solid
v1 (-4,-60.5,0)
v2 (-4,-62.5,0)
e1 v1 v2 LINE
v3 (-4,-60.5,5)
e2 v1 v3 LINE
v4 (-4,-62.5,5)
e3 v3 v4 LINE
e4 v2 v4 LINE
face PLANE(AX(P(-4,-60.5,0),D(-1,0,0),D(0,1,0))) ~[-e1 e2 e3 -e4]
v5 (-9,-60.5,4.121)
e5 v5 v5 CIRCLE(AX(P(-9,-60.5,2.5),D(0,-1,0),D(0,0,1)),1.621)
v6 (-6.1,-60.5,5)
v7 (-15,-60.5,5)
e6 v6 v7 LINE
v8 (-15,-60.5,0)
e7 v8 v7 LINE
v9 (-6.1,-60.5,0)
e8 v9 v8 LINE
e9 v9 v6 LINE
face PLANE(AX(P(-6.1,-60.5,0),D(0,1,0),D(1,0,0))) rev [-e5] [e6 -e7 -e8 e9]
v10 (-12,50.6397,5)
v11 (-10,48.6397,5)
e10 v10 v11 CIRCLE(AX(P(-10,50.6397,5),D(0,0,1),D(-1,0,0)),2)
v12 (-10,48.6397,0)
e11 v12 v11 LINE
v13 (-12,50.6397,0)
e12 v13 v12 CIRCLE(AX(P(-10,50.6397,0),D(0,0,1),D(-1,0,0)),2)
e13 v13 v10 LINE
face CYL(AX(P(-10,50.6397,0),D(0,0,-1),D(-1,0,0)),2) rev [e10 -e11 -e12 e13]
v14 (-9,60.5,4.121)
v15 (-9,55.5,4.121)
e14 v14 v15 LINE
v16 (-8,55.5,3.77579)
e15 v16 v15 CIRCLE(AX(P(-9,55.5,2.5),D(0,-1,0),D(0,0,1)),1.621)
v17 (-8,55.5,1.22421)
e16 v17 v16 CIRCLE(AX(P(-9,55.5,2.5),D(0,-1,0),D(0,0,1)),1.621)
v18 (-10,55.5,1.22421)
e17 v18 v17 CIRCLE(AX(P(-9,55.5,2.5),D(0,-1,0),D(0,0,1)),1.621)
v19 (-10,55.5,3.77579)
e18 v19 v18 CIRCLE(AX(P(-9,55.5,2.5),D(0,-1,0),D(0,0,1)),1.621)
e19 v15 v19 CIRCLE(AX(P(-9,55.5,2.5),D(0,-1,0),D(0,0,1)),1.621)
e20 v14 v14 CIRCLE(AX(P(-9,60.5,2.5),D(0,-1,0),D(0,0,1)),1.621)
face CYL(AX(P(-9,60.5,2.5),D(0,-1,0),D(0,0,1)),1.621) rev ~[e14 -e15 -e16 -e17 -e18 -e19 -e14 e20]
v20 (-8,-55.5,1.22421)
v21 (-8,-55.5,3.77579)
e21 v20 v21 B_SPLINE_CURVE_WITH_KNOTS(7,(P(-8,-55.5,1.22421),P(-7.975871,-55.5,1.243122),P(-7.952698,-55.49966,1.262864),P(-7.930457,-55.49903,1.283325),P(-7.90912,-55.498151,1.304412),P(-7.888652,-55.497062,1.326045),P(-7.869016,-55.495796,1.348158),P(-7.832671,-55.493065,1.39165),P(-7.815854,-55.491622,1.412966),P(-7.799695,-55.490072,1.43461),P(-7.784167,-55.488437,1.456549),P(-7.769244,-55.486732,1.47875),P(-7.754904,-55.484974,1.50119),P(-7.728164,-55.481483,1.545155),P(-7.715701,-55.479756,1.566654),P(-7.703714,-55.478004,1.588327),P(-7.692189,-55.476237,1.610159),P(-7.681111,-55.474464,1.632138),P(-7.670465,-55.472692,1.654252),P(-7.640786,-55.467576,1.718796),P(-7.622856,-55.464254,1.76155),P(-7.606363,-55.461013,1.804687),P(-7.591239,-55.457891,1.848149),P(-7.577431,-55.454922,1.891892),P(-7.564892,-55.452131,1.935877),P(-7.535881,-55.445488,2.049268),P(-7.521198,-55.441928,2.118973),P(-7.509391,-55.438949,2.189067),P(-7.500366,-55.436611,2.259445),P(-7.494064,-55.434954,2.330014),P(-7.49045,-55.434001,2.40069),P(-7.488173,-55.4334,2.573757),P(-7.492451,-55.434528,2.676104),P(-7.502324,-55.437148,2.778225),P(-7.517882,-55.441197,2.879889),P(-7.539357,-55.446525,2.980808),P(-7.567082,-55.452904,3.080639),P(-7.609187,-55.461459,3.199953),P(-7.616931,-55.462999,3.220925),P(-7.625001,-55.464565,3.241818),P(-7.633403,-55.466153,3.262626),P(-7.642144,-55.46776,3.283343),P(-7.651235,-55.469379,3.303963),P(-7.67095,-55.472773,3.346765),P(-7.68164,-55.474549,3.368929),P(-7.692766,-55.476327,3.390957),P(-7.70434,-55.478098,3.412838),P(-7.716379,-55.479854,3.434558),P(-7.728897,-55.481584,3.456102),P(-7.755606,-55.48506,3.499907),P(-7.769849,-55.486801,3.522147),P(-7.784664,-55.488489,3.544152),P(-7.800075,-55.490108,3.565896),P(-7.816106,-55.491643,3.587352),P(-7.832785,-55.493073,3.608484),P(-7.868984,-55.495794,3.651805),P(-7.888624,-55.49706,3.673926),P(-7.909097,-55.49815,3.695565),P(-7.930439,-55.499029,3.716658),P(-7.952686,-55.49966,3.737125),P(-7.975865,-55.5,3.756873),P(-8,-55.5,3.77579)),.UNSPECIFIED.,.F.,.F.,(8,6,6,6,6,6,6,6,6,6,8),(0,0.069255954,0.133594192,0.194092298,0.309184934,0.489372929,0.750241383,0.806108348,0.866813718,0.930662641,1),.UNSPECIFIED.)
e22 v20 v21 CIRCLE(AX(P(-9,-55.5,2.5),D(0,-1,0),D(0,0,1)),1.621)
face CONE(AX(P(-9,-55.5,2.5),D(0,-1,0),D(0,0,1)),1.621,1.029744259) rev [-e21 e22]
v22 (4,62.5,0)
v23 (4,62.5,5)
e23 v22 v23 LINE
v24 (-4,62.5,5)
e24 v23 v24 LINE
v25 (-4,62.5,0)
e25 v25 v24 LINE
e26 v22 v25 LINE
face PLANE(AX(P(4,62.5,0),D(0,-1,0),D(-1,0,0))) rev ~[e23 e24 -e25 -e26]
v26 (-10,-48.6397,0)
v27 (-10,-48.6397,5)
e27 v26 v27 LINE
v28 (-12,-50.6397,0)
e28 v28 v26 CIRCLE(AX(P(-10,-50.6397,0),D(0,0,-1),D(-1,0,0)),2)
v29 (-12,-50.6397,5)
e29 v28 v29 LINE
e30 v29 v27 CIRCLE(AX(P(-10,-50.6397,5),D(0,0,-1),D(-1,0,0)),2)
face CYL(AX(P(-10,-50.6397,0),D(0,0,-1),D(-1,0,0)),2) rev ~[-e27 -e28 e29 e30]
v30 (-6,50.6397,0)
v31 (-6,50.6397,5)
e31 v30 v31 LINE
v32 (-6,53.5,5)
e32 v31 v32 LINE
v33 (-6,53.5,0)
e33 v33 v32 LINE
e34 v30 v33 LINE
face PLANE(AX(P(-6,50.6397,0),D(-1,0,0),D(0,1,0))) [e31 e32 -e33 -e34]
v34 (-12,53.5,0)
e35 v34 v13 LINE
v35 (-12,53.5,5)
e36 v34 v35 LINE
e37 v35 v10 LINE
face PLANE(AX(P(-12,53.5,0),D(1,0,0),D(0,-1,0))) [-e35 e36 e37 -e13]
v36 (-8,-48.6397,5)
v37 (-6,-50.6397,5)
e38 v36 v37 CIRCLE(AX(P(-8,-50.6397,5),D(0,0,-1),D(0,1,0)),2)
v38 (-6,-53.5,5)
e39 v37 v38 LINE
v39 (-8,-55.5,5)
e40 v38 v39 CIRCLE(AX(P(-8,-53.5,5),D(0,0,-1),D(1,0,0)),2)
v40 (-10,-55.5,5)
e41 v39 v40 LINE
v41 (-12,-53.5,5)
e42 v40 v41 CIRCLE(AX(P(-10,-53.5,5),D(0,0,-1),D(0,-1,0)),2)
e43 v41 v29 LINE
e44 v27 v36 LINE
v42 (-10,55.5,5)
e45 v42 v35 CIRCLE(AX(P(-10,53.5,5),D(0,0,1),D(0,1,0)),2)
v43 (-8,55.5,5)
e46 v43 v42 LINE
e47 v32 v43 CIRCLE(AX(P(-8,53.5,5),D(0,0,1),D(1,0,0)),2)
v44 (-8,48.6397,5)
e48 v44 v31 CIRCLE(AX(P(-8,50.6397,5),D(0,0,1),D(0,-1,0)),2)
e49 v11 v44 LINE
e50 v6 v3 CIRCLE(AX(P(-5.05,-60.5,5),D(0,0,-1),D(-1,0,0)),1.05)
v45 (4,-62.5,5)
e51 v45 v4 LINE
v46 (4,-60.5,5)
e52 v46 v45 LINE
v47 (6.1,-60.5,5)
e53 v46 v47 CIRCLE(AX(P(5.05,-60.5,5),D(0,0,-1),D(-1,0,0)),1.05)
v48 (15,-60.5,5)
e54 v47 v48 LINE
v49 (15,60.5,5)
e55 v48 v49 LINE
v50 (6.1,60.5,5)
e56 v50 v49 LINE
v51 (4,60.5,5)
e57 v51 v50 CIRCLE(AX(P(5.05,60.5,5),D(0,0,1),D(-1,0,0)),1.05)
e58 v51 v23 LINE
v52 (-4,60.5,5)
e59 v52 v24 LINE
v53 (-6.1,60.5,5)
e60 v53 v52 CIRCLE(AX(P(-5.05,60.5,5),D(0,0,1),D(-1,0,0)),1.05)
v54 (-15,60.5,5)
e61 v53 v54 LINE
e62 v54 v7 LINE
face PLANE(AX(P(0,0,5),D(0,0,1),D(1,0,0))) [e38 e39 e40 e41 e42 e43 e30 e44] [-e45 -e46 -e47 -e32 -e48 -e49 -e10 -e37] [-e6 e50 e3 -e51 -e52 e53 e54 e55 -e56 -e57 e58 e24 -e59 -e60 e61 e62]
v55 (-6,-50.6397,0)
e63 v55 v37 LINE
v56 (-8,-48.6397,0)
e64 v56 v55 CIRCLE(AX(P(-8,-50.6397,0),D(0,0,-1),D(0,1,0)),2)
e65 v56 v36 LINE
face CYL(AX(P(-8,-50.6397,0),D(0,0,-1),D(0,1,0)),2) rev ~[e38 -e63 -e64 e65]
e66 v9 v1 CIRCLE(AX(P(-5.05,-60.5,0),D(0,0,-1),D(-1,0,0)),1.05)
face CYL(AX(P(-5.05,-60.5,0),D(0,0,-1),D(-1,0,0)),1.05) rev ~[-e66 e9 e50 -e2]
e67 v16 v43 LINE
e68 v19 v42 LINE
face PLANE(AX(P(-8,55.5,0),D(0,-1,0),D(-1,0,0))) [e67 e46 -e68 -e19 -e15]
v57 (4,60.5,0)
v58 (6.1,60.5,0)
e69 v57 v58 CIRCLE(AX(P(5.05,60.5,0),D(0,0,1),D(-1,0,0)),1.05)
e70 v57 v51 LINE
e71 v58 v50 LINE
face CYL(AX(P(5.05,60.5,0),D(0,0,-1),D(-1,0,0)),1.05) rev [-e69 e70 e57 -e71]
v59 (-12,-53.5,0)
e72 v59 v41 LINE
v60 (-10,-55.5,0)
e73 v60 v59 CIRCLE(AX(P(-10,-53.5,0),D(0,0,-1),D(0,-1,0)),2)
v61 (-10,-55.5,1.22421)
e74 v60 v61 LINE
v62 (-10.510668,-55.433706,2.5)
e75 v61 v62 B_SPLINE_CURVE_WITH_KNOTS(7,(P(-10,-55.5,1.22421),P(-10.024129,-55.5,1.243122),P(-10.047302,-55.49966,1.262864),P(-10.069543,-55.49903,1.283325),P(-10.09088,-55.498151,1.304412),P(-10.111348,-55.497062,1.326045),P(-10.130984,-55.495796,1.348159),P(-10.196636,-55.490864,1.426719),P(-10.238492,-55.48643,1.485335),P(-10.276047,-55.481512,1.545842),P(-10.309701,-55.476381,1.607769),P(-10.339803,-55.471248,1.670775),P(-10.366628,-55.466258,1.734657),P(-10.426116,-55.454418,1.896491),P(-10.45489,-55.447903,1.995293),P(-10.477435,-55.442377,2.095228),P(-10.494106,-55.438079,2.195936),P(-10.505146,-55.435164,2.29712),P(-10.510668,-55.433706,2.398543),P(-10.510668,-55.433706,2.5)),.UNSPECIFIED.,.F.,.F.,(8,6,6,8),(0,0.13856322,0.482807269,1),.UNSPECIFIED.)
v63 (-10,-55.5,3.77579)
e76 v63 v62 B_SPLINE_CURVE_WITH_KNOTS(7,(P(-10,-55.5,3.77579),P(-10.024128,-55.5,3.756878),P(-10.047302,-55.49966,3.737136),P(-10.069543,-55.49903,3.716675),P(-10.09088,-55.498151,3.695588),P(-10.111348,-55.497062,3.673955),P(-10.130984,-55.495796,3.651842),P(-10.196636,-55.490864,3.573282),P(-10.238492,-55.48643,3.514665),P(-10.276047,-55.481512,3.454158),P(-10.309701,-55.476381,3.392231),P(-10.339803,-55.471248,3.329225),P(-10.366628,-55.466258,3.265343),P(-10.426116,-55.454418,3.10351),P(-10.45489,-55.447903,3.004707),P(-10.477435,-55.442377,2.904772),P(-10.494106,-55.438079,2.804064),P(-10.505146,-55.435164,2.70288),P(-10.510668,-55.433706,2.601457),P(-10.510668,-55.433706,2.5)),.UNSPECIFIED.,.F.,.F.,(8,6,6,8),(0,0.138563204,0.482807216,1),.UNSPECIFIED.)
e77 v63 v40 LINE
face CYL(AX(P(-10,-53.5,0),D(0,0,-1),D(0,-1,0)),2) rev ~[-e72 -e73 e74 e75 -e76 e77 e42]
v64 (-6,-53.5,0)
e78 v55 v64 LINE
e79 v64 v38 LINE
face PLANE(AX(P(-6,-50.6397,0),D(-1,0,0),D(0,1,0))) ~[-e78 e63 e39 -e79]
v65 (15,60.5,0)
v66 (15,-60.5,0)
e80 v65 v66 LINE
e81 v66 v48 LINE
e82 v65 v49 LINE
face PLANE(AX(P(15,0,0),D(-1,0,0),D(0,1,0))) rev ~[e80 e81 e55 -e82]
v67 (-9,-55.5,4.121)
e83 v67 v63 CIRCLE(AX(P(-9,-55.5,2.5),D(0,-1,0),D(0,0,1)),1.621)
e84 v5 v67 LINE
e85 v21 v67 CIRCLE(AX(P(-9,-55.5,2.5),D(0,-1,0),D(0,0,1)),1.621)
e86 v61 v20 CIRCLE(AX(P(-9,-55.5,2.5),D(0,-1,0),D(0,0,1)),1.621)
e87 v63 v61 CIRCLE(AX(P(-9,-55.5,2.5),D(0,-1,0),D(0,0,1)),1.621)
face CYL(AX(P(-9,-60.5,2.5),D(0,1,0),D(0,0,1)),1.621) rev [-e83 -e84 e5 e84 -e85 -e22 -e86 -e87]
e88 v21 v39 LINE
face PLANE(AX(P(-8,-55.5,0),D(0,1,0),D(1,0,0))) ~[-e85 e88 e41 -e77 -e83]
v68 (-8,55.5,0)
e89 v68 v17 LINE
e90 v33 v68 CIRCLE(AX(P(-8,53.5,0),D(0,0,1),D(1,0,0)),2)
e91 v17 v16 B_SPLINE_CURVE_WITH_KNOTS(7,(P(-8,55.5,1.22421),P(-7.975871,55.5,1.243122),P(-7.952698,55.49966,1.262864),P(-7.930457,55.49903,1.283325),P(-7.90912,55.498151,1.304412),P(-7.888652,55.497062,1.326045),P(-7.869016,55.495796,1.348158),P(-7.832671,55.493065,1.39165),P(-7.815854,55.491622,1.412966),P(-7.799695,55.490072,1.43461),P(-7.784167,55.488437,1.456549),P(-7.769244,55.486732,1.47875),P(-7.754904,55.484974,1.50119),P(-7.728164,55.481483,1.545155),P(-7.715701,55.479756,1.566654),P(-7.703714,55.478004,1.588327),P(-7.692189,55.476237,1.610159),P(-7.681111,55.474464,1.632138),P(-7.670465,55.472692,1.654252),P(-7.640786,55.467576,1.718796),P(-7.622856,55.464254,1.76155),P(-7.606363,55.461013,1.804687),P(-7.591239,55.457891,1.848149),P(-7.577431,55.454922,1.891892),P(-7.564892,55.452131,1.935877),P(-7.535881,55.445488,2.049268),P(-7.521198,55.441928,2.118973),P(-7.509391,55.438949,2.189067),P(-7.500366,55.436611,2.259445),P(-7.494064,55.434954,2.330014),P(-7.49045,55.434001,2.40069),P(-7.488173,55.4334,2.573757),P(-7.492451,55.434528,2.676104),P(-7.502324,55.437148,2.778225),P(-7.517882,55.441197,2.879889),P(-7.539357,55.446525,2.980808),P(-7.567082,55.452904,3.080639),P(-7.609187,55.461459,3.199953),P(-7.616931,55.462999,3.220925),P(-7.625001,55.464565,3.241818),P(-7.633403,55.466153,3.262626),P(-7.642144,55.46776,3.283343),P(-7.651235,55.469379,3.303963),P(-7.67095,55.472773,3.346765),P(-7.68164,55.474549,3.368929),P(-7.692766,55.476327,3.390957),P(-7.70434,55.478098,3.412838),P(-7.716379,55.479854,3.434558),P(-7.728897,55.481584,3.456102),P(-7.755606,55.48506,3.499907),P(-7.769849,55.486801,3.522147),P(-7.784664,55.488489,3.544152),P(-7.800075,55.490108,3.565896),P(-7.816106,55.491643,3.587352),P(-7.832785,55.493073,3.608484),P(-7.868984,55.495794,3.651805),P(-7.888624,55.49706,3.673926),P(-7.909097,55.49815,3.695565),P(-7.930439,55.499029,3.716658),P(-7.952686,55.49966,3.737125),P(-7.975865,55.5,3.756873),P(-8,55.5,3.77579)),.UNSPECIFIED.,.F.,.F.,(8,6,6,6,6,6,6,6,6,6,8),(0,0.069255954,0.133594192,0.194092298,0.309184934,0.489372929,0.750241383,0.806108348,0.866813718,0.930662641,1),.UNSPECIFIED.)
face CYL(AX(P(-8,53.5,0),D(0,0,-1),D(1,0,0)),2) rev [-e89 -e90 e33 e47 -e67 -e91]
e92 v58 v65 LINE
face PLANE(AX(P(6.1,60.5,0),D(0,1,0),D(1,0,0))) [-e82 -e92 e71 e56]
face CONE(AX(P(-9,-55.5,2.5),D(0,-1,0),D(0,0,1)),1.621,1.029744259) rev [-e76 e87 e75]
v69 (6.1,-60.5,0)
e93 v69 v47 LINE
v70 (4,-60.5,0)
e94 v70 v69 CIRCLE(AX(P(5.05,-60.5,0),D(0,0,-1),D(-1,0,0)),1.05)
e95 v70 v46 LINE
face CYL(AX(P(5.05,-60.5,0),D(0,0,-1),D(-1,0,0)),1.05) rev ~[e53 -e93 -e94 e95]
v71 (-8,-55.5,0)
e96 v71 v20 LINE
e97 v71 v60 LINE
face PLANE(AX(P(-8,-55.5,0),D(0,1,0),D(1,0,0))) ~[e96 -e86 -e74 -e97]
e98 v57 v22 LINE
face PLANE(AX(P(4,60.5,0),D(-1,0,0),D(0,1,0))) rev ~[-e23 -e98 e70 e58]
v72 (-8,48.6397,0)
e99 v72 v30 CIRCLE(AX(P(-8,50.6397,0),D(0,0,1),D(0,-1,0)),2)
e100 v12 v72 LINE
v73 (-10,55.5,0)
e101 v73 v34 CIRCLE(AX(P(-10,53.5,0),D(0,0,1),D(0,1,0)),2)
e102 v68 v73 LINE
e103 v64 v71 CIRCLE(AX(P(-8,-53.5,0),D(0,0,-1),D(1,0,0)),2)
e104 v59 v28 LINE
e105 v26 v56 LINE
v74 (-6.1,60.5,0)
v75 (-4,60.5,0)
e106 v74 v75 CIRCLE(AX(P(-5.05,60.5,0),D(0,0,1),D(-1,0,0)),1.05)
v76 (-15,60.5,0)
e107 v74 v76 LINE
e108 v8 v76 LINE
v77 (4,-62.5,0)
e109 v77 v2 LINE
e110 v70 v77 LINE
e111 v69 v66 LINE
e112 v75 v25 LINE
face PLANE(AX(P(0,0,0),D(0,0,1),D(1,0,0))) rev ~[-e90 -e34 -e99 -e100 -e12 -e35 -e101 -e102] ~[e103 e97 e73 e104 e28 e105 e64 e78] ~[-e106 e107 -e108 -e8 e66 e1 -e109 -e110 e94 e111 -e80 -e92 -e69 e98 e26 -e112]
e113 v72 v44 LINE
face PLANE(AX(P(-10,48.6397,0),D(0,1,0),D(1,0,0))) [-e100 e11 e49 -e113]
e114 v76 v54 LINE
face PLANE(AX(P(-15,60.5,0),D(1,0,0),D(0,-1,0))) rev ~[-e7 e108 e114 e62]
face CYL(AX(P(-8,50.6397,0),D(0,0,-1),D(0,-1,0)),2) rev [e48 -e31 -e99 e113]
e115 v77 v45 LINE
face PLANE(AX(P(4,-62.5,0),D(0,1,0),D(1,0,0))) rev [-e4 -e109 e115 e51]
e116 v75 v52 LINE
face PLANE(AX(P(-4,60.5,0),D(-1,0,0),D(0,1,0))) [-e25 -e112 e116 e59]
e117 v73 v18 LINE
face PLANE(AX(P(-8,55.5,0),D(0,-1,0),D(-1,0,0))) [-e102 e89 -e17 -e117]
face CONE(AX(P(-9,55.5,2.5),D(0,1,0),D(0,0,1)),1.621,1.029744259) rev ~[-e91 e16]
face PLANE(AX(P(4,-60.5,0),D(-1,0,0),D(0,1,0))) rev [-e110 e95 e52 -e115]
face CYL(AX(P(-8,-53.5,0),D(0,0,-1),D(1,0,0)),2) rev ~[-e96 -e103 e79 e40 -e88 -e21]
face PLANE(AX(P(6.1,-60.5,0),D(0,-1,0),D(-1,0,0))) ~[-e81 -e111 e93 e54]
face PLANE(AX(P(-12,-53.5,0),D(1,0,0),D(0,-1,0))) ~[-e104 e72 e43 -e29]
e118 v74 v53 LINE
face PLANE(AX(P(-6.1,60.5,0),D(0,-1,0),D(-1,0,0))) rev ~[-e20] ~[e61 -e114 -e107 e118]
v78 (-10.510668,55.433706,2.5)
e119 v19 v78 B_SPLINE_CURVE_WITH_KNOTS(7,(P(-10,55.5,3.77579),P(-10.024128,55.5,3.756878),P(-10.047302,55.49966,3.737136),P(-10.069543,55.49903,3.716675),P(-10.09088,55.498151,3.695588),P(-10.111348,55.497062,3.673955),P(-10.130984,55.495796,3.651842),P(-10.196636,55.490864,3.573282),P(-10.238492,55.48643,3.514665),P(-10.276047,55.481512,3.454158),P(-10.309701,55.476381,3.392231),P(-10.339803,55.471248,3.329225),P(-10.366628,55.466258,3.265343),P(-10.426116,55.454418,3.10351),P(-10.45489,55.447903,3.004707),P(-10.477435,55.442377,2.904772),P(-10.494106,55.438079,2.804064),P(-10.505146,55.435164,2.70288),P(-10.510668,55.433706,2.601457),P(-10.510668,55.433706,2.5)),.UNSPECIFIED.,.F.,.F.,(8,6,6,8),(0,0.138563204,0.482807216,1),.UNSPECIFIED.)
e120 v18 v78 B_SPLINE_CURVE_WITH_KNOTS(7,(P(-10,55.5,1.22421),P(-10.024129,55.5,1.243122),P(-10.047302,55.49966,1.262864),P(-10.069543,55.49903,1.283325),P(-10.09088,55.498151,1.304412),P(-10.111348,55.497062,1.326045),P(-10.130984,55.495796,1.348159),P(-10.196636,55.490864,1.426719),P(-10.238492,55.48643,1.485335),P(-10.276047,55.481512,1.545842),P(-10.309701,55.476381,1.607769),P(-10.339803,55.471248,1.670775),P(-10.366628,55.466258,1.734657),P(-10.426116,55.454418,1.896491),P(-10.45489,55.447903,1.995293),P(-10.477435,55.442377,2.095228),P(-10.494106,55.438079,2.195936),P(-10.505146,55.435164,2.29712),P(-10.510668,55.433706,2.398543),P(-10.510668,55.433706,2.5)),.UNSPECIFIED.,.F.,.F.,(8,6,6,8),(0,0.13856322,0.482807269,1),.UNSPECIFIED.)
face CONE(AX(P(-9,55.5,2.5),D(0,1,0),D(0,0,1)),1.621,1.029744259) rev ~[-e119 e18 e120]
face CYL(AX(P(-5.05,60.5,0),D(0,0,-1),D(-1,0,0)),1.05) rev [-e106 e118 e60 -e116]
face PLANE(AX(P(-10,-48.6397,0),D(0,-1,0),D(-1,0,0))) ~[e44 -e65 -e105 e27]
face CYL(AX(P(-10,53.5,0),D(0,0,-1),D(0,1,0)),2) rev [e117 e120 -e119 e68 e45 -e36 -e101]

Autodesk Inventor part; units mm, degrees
ref_plane "YZ Plane" through (0, 0, 0) normal (1, 0, 0) x (0, 1, 0)
ref_plane "XZ Plane" through (0, 0, 0) normal (0, 1, 0) x (-1, 0, 0)
ref_plane "XY Plane" through (0, 0, 0) normal (0, 0, 1) x (1, 0, 0)
sketch "スケッチ1" plane through (0, 0, 0) normal (0, 0, 1) x (1, 0, 0)
  line L0 (15, 60.5) -> (-15, 60.5) construction
  line L1 (-15, 60.5) -> (-15, -60.5)
  line L2 (-15, -60.5) -> (15, -60.5)
  line L3 (15, -60.5) -> (15, 60.5)
  line L4 (15, 60.5) -> (-15, -60.5) construction
  line L5 (-15, 60.5) -> (15, -60.5) construction
  line L6 (4, 60.5) -> (4, 62.5)
  line L7 (4, 62.5) -> (-4, 62.5)
  arc A0 (4, 60.5) -> (6.1, 60.5) centre (5.05, 60.5) ccw
  line L8 (0, 62.5) -> (0, 60.5) construction
  line L9 (-4, 60.5) -> (-4, 62.5)
  arc A1 (-6.1, 60.5) -> (-4, 60.5) centre (-5.05, 60.5) ccw
  line L10 (0, 60.5) -> (0, -60.5) construction
  line L11 (15, 0) -> (-15, 0)
  line L12 (-9, 60.5) -> (-9, 55.5) construction
  line L13 (-11, 60.5) -> (-11, 55.5) construction
  line L14 (-7, 60.5) -> (-7, 55.5) construction
  line L15 (11.6254, -55.5) -> (-12, -55.5) construction
  line L16 (-12, -55.5) -> (-12, 55.5) construction
  line L17 (-12, 55.5) -> (11.6254, 55.5) construction
  line L18 (11.6254, 55.5) -> (11.6254, -55.5) construction
  line L19 (11.6254, -55.5) -> (-12, 55.5) construction
  line L20 (-12, -55.5) -> (11.6254, 55.5) construction
  line L21 (-8, 55.5) -> (-10, 55.5)
  line L22 (-12, 53.5) -> (-12, 50.6397)
  line L23 (-10, 48.6397) -> (-8, 48.6397)
  line L24 (-6, 50.6397) -> (-6, 53.5)
  line L25 (-6, 55.5) -> (-12, 48.6397) construction
  line L26 (-12, 55.5) -> (-6, 48.6397) construction
  arc A2 (-6, 53.5) -> (-8, 55.5) centre (-8, 53.5) ccw
  arc A3 (-10, 55.5) -> (-12, 53.5) centre (-10, 53.5) ccw
  arc A4 (-12, 50.6397) -> (-10, 48.6397) centre (-10, 50.6397) ccw
  arc A5 (-8, 48.6397) -> (-6, 50.6397) centre (-8, 50.6397) ccw
  line L27 (6.1, 60.5) -> (15, 60.5)
  line L28 (-6.1, 60.5) -> (-15, 60.5)
  point P0 (0, 0)
  point P1 (-0.1873, 0)
  point P2 (-9, 52.0698)
  point P3 (-9, 52.0698)
  dimension "d0" = 30
  dimension "d1" = 121
  dimension "d2" = 1.05
  dimension "d3" = 2
  dimension "d4" = 0
  dimension "d5" = 8
  dimension "d6" = 5
  dimension "d7" = 3
  dimension "d8" = 4
  dimension "d9" = 9
  dimension "d10" = 2
extrude "押し出し1" add sketch "スケッチ1" along normal blind 5 contours L28 A1 L9 L7 L6 A0 L27 L3 L11 L1
sketch "スケッチ2" plane through (-15, 60.5, 0) normal (0, 1, 0) x (1, 0, 0)
  line L0 (0, 0) -> (0, -5) projected
  line L1 (0, -2.5) -> (30, -2.5)
  line L2 (30, 0) -> (30, -5) projected
  line L3 (15, 0) -> (15, -5)
  line L4 (19, -5) -> (11, -5) projected
  point P0 (6, -2.5)
  dimension "d13" = 9
hole "穴1" at (-9, 60.5, 2.5) direction (0, -1, 0) diameter 3.242 depth 5 tip angle 118 thread size "M4x0.7" class "6H" standard "ISO Metric profile"
mirror "ミラー1" about plane through (-15, 0, 0) normal (0, -1, 0)
properties part number "Trunk_back_waisit_frame_" material "アセタール樹脂、黒"
